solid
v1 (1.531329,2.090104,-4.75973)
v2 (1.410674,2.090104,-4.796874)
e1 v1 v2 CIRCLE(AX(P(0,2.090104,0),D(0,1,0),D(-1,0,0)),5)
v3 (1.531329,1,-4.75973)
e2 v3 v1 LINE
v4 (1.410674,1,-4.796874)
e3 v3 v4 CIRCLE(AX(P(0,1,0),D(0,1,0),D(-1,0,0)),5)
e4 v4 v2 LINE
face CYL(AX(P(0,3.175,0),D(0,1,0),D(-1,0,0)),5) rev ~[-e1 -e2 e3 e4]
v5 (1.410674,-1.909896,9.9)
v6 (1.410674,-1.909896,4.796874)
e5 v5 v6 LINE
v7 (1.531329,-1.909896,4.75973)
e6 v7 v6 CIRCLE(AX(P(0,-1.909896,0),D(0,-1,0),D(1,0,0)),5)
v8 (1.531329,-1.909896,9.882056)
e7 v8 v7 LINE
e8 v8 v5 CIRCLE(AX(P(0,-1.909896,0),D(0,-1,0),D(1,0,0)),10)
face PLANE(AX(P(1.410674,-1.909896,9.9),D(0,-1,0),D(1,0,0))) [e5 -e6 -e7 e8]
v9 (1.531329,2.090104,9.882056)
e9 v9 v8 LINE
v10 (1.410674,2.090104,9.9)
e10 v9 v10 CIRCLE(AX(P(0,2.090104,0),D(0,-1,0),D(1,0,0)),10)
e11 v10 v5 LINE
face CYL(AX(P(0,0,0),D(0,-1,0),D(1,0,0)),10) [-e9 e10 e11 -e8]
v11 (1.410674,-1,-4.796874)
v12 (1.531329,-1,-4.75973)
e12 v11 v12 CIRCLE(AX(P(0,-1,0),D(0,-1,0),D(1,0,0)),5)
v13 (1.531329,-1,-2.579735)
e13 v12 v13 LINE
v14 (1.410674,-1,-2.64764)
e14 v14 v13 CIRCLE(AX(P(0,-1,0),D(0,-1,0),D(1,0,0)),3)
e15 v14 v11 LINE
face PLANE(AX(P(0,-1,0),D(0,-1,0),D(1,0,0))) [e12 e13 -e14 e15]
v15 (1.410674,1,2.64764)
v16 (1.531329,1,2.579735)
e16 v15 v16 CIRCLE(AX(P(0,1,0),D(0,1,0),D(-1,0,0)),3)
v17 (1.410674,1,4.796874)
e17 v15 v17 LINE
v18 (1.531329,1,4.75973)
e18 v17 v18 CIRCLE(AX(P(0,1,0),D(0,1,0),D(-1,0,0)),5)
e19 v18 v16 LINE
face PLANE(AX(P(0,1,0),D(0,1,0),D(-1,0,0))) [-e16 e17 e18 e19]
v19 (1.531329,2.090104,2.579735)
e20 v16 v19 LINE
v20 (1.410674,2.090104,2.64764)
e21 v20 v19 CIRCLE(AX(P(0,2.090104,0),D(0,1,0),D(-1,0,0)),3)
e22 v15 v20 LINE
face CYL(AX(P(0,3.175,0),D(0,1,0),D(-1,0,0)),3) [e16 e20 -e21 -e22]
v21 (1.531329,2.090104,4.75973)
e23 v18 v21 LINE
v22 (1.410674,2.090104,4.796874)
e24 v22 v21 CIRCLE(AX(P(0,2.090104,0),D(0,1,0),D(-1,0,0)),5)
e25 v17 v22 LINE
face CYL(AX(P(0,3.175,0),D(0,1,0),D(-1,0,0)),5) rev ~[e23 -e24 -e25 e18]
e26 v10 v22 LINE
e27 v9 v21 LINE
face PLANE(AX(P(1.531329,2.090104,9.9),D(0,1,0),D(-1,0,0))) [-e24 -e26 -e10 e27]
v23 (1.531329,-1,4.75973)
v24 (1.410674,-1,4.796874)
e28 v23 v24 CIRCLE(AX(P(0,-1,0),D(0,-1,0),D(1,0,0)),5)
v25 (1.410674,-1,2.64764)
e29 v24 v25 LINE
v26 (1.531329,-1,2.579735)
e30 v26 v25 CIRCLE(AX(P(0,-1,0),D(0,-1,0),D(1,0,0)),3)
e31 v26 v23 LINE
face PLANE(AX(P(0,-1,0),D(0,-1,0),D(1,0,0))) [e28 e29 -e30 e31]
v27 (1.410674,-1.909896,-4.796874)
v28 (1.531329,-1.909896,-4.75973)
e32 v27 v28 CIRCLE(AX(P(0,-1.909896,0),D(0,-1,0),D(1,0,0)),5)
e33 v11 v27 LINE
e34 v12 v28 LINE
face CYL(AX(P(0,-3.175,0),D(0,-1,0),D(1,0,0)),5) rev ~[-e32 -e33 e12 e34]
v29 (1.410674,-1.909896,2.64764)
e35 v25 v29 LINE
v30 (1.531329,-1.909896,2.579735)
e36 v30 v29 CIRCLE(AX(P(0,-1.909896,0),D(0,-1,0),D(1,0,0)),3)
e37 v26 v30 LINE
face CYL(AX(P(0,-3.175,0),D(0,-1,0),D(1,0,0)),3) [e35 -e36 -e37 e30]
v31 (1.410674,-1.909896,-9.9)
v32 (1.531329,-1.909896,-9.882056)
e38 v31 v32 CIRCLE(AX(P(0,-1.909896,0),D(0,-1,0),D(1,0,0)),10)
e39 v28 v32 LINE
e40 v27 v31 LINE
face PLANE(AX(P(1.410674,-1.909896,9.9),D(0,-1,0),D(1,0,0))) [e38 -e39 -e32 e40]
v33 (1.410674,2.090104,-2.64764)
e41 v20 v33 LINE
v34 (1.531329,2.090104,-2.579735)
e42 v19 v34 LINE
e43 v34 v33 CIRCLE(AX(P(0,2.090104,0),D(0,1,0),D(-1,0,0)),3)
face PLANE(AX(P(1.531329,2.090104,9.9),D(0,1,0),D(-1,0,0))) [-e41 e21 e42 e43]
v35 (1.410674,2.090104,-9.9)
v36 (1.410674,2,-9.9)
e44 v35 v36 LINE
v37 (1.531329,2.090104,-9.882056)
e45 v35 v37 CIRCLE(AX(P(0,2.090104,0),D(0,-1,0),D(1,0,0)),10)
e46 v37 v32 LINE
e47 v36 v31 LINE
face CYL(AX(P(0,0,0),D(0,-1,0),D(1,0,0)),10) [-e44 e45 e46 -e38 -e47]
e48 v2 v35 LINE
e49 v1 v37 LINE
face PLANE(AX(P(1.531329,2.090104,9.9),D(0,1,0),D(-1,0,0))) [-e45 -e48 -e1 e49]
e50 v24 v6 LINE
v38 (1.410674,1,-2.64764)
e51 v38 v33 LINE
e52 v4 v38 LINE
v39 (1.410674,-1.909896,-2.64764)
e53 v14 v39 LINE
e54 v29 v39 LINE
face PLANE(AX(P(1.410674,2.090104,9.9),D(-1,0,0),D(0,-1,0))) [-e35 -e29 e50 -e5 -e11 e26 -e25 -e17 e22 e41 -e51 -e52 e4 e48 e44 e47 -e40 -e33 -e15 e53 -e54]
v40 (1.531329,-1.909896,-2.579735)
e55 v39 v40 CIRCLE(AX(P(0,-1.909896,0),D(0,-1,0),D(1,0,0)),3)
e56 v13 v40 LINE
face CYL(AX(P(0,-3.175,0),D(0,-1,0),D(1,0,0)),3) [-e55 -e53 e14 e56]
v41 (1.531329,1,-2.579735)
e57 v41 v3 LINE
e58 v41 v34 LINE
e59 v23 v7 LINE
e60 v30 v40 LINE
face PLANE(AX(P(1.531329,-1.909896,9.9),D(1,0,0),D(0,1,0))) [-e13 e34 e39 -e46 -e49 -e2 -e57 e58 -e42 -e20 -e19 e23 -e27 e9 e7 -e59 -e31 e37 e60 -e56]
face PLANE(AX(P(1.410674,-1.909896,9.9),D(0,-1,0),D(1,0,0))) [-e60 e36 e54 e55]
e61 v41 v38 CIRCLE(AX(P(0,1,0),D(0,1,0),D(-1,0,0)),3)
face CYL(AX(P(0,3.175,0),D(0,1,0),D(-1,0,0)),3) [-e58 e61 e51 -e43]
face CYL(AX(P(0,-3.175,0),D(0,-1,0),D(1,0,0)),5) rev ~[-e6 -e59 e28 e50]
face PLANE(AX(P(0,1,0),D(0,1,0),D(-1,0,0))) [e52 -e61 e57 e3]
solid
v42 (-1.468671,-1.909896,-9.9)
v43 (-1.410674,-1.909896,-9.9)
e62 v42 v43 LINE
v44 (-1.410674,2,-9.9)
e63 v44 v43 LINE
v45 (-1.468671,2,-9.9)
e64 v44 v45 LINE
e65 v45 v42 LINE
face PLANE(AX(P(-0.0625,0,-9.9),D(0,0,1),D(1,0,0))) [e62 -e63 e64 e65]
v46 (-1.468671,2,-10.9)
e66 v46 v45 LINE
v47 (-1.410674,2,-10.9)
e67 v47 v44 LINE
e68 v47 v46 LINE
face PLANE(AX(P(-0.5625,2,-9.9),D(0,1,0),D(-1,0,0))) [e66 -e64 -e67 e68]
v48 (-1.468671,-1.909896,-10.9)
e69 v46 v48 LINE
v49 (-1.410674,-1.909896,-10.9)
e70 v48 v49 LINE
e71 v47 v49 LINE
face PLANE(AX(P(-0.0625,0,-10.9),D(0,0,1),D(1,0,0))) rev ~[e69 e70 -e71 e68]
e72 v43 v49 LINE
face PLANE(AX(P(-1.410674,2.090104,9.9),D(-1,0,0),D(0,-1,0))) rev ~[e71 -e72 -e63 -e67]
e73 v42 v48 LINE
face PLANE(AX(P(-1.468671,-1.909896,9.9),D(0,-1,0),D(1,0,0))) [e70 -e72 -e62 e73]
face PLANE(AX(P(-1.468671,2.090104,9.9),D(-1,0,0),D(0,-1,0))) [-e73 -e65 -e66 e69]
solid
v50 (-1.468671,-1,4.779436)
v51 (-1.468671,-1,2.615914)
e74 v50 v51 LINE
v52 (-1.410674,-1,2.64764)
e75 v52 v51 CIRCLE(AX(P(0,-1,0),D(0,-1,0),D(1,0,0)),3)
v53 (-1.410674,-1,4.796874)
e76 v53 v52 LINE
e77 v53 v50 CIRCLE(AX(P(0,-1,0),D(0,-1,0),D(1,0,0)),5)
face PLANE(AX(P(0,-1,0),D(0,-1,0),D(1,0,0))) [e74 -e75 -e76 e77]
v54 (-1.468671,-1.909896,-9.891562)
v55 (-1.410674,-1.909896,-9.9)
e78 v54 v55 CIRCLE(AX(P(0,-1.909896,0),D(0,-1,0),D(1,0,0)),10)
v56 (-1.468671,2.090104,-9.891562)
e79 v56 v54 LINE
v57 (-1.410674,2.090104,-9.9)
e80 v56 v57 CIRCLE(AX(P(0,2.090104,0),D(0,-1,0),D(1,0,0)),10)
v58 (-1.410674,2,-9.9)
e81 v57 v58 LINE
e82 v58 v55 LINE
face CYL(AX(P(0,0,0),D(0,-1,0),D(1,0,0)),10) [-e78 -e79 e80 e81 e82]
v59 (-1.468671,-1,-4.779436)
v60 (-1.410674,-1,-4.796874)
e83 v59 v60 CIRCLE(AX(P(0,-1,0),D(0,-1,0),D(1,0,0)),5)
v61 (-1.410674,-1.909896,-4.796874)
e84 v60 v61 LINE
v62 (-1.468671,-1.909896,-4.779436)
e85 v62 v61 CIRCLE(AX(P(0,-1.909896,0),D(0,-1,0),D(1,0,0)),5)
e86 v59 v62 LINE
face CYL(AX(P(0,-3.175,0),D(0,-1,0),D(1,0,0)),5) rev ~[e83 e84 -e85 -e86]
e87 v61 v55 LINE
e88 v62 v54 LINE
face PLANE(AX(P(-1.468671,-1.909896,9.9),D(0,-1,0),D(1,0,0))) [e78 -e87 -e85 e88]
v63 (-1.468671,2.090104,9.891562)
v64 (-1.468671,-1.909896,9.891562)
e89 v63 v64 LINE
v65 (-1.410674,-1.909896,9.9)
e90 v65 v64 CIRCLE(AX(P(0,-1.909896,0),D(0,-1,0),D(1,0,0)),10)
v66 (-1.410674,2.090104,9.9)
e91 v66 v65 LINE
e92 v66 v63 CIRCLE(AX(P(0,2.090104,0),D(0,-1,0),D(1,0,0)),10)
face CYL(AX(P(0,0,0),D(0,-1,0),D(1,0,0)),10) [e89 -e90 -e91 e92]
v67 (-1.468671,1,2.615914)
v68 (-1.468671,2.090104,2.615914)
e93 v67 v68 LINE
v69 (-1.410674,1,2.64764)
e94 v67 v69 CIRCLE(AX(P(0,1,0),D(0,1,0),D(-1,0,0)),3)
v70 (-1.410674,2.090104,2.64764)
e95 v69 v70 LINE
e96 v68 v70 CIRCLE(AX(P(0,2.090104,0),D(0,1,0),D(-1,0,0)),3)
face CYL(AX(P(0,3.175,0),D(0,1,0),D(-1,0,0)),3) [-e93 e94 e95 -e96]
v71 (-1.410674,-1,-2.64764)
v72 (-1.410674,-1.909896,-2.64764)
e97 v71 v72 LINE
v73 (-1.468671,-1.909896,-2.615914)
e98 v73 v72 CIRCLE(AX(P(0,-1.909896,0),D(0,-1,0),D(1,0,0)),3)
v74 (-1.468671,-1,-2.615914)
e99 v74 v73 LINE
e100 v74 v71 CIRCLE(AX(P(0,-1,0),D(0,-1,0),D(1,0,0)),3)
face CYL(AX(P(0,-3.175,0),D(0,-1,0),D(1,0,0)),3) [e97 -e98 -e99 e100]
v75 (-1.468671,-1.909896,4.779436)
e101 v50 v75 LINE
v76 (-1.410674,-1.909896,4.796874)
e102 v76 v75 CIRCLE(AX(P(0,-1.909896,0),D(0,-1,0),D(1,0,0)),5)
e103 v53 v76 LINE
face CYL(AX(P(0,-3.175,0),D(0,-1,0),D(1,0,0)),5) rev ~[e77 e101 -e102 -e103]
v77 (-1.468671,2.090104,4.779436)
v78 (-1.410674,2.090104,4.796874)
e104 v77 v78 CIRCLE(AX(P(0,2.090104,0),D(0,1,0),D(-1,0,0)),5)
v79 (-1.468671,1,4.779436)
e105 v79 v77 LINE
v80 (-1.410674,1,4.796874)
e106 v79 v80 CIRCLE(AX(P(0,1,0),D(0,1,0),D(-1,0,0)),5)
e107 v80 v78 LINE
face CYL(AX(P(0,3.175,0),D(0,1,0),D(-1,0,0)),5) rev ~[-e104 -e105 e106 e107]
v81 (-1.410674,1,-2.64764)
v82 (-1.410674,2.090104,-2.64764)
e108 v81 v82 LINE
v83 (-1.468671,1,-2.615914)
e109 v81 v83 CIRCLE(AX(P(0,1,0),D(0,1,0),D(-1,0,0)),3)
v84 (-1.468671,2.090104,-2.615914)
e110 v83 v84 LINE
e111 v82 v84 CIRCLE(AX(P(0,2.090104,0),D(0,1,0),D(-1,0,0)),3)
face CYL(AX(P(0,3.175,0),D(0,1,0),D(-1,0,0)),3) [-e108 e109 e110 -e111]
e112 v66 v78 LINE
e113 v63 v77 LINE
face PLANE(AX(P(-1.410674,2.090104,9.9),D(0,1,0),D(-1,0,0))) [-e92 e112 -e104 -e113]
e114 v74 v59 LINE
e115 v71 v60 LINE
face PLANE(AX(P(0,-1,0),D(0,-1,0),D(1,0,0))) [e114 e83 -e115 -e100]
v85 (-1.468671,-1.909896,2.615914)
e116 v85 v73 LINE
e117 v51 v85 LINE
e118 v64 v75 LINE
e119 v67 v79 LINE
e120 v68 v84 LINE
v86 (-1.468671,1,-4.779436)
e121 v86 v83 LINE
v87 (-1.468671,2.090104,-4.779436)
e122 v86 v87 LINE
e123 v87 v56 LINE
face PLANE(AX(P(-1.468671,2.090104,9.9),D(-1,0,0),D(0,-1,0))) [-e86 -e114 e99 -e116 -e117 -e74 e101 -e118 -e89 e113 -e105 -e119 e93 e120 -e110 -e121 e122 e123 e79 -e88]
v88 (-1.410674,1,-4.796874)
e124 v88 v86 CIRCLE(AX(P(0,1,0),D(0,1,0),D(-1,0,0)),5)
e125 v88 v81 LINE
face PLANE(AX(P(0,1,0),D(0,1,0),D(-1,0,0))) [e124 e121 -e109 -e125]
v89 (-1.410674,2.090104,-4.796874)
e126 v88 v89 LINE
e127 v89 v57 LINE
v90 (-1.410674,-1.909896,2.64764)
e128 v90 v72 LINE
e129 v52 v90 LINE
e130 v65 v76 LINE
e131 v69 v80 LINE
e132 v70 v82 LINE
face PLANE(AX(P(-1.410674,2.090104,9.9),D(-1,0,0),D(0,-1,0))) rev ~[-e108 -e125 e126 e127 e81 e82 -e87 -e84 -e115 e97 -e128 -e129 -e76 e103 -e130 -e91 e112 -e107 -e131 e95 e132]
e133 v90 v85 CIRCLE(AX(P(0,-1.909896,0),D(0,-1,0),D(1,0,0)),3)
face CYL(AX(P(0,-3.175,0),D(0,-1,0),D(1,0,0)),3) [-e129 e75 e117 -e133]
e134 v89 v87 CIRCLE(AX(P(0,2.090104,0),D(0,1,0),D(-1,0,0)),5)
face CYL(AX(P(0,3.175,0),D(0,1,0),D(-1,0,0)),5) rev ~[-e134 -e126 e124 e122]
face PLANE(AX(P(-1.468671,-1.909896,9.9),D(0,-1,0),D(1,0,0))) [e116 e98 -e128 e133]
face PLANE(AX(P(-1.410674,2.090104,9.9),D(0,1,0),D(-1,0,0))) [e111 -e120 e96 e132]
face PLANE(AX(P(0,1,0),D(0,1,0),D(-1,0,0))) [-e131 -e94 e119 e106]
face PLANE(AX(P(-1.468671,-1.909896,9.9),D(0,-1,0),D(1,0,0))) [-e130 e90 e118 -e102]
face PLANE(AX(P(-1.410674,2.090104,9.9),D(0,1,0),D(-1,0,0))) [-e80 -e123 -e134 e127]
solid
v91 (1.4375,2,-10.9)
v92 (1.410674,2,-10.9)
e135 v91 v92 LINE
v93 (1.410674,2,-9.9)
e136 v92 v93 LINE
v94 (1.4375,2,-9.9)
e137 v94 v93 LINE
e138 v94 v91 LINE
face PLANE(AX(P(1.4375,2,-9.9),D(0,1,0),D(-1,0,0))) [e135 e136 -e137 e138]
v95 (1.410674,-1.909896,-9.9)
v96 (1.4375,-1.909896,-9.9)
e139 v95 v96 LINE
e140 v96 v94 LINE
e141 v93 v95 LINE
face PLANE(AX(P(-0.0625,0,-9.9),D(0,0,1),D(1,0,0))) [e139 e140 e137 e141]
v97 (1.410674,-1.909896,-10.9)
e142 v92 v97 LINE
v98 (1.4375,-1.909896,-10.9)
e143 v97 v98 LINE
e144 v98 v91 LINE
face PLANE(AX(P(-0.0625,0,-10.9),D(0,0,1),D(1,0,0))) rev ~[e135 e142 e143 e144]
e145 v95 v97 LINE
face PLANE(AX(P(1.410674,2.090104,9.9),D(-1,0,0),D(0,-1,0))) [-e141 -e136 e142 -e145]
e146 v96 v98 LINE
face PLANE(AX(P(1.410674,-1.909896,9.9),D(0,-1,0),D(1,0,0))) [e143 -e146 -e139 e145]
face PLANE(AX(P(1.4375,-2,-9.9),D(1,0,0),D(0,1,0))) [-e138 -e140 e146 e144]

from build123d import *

# Parameters (mm, degrees)
F0_R      = 10
F1_DEPTH  = 3.175
F2_DEPTH  = 3.175
F3_R      = 5
F3_R_2    = 3
F4_DEPTH  = 2.175
F5_R      = 5
F5_R_2    = 3
F6_DEPTH  = 2.175
F11_DEPTH = 1
F12_DEPTH = 1
F15_DEPTH = 1
F18_DEPTH = 0.75
F19_DEPTH = 3000


with BuildPart() as f1:
    # F0 (on Front) → F1 (new body)
    with BuildSketch(Plane.XZ):
        Circle(F0_R)
    extrude(amount=F1_DEPTH)

    # F0 (on Front) → F2 (join)
    with BuildSketch(Plane.XZ):
        Circle(F0_R)
    extrude(amount=-F2_DEPTH)

    # F3 (on face) → F4 (cut)
    with BuildSketch(Plane.XZ.offset(3.175)):
        Circle(F3_R)
        Circle(F3_R_2, mode=Mode.SUBTRACT)
    extrude(amount=-F4_DEPTH, mode=Mode.SUBTRACT)

    # F5 (on face) → F6 (cut)
    with BuildSketch(Plane(origin=(0, 3.175, 0), x_dir=(-1, 0, 0), z_dir=(0, 1, 0))):
        Circle(F5_R)
        Circle(F5_R_2, mode=Mode.SUBTRACT)
    extrude(amount=-F6_DEPTH, mode=Mode.SUBTRACT)

    # F10 (on offset) → F11 (join)
    with BuildSketch(Plane.XY.offset(9.9)):
        Polygon((-0.4686709089, 2.0901043895), (-1.4686709089, 2.0901043895), (-1.4686709089, -1.9098956105), (-0.4686709089, -1.9098956105), (-0.4686709089, -0.9098956105), (0.5313290911, -0.9098956105), (0.5313290911, -1.9098956105), (1.5313290911, -1.9098956105), (1.5313290911, 2.0901043895), (0.5313290911, 2.0901043895), (0.5313290911, 1.0901043895), (-0.4686709089, 1.0901043895), align=None)
    extrude(amount=F11_DEPTH)

    # F8 (on offset) → F12 (join)
    with BuildSketch(Plane.XY.offset(-9.9)):
        Polygon((-0.5624998019, 2), (-1.5624998019, 2), (-1.5624998019, -2), (-0.5624998019, -2), (-0.5624998019, -1), (0.4375001981, -1), (0.4375001981, -2), (1.4375001981, -2), (1.4375001981, 2), (0.4375001981, 2), (0.4375001981, 1), (-0.5624998019, 1), align=None)
    extrude(amount=-F12_DEPTH)

    # F14 (on offset) → F15 (cut)
    with BuildSketch(Plane.YZ.offset(10)):
        Polygon((-2.2010609162, -0.5056351235), (-2.2010609162, -1.7056351235), (2.1989390838, -1.7056351235), (2.1989390838, -0.5056351235), (0.9989390838, -0.5056351235), (0.9989390838, 0.6943648765), (2.1989390838, 0.6943648765), (2.1989390838, 1.8943648765), (-2.2010609162, 1.8943648765), (-2.2010609162, 0.6943648765), (-1.0010609162, 0.6943648765), (-1.0010609162, -0.5056351235), align=None)
    extrude(amount=-F15_DEPTH, mode=Mode.SUBTRACT)

    # F17 (on offset) → F18 (cut)
    with BuildSketch(Plane.YZ.offset(-10)):
        Polygon((-2.1999866034, -0.5999038326), (-2.1999866034, -1.7999038326), (2.2000133966, -1.7999038326), (2.2000133966, -0.5999038326), (1.0000133966, -0.5999038326), (1.0000133966, 0.6000961674), (2.2000133966, 0.6000961674), (2.2000133966, 1.8000961674), (-2.1999866034, 1.8000961674), (-2.1999866034, 0.6000961674), (-0.9999866034, 0.6000961674), (-0.9999866034, -0.5999038326), align=None)
    extrude(amount=F18_DEPTH, mode=Mode.SUBTRACT)

    # F19 (intersect): faces of the model
    f19_faces = [f1.faces().sort_by_distance(p)[0] for p in [
        (-1.4396722534, 0.0901043895, 9.9),
        (1.4710013446, 0.0901043895, 9.9),
    ]]
    extrude(f19_faces, amount=F19_DEPTH, mode=Mode.INTERSECT)


solid = f1.part
